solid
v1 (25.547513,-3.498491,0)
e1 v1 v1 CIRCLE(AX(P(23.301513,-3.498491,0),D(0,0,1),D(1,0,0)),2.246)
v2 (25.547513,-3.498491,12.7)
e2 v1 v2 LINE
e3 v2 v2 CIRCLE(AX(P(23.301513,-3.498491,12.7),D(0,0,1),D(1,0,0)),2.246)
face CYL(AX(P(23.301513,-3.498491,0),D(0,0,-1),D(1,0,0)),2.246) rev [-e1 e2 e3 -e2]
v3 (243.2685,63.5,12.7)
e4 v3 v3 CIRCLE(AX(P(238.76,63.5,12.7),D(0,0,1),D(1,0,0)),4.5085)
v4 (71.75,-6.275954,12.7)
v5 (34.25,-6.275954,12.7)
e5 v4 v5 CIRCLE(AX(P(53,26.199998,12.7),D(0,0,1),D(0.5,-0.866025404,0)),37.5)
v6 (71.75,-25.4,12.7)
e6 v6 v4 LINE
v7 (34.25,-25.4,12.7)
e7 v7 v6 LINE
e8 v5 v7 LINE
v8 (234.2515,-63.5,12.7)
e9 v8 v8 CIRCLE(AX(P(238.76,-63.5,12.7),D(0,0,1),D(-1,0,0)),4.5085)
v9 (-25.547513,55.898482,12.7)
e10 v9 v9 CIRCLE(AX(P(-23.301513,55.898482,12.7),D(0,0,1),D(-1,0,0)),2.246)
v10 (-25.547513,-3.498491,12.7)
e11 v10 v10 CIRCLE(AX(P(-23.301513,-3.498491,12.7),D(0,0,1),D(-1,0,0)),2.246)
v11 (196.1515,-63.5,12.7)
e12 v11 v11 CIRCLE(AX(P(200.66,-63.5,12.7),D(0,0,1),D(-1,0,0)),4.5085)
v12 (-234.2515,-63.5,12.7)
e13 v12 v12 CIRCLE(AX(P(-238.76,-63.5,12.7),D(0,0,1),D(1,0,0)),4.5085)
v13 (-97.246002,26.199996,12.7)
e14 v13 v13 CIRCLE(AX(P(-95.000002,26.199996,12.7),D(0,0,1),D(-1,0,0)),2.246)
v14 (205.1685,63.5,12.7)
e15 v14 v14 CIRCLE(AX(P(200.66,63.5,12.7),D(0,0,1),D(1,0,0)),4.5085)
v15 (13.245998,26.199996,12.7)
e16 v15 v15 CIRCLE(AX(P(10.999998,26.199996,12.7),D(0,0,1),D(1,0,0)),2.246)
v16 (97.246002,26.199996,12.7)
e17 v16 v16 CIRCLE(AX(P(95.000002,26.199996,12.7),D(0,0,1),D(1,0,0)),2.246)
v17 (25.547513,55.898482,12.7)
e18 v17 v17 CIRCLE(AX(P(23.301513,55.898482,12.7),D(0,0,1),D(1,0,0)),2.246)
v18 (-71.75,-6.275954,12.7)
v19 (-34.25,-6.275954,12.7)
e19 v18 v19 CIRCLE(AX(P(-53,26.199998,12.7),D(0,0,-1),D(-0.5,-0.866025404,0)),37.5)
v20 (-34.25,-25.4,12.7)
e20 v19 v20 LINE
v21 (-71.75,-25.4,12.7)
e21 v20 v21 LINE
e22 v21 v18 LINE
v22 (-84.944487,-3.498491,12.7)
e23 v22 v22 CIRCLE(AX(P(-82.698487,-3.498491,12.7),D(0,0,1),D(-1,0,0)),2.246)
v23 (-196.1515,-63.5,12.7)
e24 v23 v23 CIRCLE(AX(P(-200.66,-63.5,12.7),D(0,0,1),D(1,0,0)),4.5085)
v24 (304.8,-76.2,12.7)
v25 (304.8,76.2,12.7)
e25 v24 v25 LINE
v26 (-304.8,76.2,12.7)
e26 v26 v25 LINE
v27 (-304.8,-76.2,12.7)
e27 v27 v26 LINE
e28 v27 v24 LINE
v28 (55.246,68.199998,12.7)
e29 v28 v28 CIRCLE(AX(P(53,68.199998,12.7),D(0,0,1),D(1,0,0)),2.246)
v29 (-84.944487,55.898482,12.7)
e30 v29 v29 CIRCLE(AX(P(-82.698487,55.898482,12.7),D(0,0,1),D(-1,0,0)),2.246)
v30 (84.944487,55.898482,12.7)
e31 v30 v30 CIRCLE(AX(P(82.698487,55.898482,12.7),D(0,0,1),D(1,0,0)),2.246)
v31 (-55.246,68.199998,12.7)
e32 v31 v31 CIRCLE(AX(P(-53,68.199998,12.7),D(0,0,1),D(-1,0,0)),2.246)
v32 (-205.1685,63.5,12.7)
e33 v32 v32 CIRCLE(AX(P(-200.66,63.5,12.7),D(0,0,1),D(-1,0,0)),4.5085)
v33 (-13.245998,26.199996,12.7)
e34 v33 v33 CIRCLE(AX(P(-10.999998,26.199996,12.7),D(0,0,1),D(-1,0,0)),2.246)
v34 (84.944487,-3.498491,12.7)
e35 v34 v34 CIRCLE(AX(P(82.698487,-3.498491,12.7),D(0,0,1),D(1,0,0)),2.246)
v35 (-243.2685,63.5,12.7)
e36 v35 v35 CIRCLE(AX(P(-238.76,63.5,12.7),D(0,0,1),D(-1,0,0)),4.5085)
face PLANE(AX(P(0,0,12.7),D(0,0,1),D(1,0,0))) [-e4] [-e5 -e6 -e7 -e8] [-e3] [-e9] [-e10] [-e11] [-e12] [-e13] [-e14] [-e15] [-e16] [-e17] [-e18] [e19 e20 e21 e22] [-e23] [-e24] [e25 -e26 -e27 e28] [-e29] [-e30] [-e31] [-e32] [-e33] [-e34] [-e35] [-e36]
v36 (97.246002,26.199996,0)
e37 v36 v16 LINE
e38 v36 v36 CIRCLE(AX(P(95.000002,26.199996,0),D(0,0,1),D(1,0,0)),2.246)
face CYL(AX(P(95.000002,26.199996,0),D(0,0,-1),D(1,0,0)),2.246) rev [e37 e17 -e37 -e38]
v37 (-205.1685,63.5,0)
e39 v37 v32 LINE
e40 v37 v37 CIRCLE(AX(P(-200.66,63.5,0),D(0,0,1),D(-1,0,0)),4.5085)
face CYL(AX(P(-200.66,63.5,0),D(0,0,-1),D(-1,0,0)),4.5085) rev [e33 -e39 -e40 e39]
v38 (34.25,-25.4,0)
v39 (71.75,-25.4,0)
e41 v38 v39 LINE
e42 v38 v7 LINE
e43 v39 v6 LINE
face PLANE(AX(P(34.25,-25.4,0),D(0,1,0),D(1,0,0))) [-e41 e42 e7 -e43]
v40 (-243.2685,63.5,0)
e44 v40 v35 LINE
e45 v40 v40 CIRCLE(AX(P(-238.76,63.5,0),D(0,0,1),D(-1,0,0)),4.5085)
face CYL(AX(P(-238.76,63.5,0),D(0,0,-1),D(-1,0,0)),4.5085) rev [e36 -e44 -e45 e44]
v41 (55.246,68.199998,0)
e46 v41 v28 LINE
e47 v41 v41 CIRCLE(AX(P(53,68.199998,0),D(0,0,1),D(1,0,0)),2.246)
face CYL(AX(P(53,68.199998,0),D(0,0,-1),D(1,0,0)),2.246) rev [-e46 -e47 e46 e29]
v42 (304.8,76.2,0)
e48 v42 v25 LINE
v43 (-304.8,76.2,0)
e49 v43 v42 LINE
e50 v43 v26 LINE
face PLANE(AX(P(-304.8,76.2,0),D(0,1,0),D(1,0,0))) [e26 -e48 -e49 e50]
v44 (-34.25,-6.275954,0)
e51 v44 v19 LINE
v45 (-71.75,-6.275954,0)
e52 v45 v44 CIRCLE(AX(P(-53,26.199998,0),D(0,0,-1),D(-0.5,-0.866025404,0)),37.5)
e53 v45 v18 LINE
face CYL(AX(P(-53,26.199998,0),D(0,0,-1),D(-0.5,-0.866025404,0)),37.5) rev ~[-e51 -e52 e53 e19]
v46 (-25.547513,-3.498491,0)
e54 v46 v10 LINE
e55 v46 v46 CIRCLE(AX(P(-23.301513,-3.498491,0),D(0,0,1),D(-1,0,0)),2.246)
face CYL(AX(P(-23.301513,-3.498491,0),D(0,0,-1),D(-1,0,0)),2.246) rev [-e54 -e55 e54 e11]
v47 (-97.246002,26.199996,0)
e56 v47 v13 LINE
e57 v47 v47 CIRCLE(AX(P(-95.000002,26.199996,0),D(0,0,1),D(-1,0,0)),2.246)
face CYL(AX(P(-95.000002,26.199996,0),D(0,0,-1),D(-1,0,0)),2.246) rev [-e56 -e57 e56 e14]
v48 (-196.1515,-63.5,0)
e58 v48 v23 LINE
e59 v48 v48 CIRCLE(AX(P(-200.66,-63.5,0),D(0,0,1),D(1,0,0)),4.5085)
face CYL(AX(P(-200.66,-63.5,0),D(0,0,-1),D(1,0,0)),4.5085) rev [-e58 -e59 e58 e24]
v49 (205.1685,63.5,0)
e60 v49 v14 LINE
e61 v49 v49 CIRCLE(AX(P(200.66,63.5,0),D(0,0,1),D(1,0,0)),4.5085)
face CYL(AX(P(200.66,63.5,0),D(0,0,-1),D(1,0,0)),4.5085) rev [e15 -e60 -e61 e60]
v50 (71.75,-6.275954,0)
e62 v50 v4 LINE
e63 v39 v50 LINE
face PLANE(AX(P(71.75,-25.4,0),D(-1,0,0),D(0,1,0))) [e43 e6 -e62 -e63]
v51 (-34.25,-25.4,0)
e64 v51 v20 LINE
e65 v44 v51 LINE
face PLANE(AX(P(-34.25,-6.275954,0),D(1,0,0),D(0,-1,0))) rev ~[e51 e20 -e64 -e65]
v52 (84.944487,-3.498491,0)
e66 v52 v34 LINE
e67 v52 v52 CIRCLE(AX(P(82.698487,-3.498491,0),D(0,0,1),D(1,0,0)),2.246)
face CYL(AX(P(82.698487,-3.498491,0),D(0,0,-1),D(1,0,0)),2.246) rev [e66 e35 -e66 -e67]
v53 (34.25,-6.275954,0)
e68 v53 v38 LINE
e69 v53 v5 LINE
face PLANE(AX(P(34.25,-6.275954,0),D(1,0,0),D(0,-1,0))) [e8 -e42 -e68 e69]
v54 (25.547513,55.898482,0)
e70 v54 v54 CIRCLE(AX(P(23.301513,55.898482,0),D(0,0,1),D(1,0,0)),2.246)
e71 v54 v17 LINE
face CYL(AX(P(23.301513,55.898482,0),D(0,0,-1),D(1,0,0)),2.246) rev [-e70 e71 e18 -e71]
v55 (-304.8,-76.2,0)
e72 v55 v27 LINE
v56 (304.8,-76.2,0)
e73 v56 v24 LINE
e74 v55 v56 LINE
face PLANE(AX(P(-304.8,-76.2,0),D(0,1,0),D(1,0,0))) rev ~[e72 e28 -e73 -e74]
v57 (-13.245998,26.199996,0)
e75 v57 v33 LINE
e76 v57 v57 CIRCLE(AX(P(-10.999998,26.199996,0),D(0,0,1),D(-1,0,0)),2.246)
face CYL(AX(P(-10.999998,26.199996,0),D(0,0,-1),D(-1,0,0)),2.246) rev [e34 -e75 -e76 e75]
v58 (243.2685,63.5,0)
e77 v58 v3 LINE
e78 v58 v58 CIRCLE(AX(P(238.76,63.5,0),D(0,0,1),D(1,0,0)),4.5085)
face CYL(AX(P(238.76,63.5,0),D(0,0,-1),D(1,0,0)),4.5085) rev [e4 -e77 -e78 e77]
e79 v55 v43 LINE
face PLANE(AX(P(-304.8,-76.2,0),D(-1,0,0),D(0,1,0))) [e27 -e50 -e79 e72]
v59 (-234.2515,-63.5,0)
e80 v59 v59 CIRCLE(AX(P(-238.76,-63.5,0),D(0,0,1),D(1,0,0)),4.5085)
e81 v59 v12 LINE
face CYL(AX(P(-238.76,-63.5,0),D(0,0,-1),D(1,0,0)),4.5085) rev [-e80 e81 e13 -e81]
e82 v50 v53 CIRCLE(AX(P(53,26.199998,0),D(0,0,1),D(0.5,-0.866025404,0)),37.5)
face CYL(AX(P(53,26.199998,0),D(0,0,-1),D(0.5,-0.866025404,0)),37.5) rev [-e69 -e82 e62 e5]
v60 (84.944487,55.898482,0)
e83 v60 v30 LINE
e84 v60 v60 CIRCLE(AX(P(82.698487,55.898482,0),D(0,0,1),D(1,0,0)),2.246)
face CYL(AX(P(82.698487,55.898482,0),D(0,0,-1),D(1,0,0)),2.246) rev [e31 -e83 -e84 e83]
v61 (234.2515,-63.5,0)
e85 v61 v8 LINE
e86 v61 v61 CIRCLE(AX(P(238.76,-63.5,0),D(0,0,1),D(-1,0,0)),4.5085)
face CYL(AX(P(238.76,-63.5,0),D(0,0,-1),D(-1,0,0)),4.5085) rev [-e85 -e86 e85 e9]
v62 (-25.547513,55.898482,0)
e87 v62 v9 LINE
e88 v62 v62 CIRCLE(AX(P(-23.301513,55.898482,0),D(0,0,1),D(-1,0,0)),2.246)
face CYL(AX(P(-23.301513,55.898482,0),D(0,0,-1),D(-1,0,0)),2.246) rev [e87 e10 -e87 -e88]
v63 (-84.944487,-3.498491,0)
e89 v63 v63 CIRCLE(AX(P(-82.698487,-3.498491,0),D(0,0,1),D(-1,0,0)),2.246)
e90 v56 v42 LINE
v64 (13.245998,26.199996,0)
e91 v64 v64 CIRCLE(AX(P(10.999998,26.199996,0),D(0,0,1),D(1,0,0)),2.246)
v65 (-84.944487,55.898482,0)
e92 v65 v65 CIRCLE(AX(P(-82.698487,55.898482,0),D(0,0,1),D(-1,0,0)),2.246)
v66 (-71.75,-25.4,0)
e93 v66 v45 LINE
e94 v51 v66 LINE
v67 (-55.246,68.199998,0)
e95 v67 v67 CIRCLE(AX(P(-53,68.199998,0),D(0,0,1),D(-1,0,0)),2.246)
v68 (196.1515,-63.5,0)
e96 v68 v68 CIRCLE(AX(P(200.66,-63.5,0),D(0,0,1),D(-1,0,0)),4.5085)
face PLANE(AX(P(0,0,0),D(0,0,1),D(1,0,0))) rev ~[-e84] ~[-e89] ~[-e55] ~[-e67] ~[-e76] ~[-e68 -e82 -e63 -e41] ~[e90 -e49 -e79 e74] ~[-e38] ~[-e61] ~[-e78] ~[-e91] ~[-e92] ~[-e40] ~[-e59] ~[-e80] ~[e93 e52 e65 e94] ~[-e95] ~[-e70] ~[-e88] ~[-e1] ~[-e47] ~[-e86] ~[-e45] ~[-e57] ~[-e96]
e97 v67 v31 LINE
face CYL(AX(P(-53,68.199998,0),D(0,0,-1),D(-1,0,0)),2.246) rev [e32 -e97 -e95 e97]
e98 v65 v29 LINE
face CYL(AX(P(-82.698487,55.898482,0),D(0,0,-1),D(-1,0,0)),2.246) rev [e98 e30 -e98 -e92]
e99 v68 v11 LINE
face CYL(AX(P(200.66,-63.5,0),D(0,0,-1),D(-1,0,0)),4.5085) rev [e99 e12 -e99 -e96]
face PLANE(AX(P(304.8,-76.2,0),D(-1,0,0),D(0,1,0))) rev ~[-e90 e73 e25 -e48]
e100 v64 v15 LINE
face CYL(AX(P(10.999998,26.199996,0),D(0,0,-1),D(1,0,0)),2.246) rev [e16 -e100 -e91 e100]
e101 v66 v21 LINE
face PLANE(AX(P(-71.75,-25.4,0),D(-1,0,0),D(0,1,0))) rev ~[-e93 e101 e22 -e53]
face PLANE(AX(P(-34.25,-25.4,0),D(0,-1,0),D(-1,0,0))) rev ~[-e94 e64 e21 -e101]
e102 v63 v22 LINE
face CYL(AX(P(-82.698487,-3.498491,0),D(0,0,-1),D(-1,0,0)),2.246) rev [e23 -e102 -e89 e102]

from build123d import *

# Parameters (mm, degrees)
SKETCH1_W           = 609.6
SKETCH1_H           = 152.4
SKETCH1_R           = 2.246
SKETCH1_R_2         = 4.5085
BOSS_EXTRUDE1_DEPTH = 12.7


with BuildPart() as part:
    # Sketch1 → Boss-Extrude1 (new body)
    with BuildSketch(Plane.XY):
        Rectangle(SKETCH1_W, SKETCH1_H)
        with Locations((53, 68.1999984)):
            Circle(SKETCH1_R, mode=Mode.SUBTRACT)
        with Locations((82.698486542, 55.898482492)):
            Circle(SKETCH1_R, mode=Mode.SUBTRACT)
        with Locations((95.00000245, 26.19999595)):
            Circle(SKETCH1_R, mode=Mode.SUBTRACT)
        with Locations((82.698486542, -3.498490592)):
            Circle(SKETCH1_R, mode=Mode.SUBTRACT)
        with Locations((23.301513458, -3.498490592)):
            Circle(SKETCH1_R, mode=Mode.SUBTRACT)
        with Locations((10.99999755, 26.19999595)):
            Circle(SKETCH1_R, mode=Mode.SUBTRACT)
        with Locations((23.301513458, 55.898482492)):
            Circle(SKETCH1_R, mode=Mode.SUBTRACT)
        with Locations((238.76, 63.5)):
            Circle(SKETCH1_R_2, mode=Mode.SUBTRACT)
        with Locations((200.66, 63.5)):
            Circle(SKETCH1_R_2, mode=Mode.SUBTRACT)
        with Locations(Location((238.76, -63.5, 0), (0, 0, 180))):
            Circle(SKETCH1_R_2, mode=Mode.SUBTRACT)
        with Locations(Location((200.66, -63.5, 0), (0, 0, 180))):
            Circle(SKETCH1_R_2, mode=Mode.SUBTRACT)
        with Locations(Location((-82.698486542, -3.498490592, 0), (0, 0, 180))):
            Circle(SKETCH1_R, mode=Mode.SUBTRACT)
        with Locations(Location((-95.00000245, 26.19999595, 0), (0, 0, 180))):
            Circle(SKETCH1_R, mode=Mode.SUBTRACT)
        with Locations(Location((-82.698486542, 55.898482492, 0), (0, 0, 180))):
            Circle(SKETCH1_R, mode=Mode.SUBTRACT)
        with Locations(Location((-53, 68.1999984, 0), (0, 0, 180))):
            Circle(SKETCH1_R, mode=Mode.SUBTRACT)
        with Locations(Location((-23.301513458, 55.898482492, 0), (0, 0, 180))):
            Circle(SKETCH1_R, mode=Mode.SUBTRACT)
        with Locations(Location((-10.99999755, 26.19999595, 0), (0, 0, 180))):
            Circle(SKETCH1_R, mode=Mode.SUBTRACT)
        with Locations(Location((-23.301513458, -3.498490592, 0), (0, 0, 180))):
            Circle(SKETCH1_R, mode=Mode.SUBTRACT)
        with Locations(Location((-238.76, 63.5, 0), (0, 0, 180))):
            Circle(SKETCH1_R_2, mode=Mode.SUBTRACT)
        with Locations(Location((-200.66, 63.5, 0), (0, 0, 180))):
            Circle(SKETCH1_R_2, mode=Mode.SUBTRACT)
        with Locations((-200.66, -63.5)):
            Circle(SKETCH1_R_2, mode=Mode.SUBTRACT)
        with Locations((-238.76, -63.5)):
            Circle(SKETCH1_R_2, mode=Mode.SUBTRACT)
        with BuildLine():
            Line((34.25, -6.275954242), (34.25, -25.4))
            Line((34.25, -25.4), (71.75, -25.4))
            Line((71.75, -25.4), (71.75, -6.275954242))
            ThreePointArc((71.75, -6.275954242), (53, 63.6999984), (34.25, -6.275954242))
        make_face(mode=Mode.SUBTRACT)
        with BuildLine():
            Line((-34.25, -6.275954242), (-34.25, -25.4))
            Line((-34.25, -25.4), (-71.75, -25.4))
            Line((-71.75, -25.4), (-71.75, -6.275954242))
            ThreePointArc((-71.75, -6.275954242), (-53, 63.6999984), (-34.25, -6.275954242))
        make_face(mode=Mode.SUBTRACT)
    extrude(amount=BOSS_EXTRUDE1_DEPTH)


solid = part.part
